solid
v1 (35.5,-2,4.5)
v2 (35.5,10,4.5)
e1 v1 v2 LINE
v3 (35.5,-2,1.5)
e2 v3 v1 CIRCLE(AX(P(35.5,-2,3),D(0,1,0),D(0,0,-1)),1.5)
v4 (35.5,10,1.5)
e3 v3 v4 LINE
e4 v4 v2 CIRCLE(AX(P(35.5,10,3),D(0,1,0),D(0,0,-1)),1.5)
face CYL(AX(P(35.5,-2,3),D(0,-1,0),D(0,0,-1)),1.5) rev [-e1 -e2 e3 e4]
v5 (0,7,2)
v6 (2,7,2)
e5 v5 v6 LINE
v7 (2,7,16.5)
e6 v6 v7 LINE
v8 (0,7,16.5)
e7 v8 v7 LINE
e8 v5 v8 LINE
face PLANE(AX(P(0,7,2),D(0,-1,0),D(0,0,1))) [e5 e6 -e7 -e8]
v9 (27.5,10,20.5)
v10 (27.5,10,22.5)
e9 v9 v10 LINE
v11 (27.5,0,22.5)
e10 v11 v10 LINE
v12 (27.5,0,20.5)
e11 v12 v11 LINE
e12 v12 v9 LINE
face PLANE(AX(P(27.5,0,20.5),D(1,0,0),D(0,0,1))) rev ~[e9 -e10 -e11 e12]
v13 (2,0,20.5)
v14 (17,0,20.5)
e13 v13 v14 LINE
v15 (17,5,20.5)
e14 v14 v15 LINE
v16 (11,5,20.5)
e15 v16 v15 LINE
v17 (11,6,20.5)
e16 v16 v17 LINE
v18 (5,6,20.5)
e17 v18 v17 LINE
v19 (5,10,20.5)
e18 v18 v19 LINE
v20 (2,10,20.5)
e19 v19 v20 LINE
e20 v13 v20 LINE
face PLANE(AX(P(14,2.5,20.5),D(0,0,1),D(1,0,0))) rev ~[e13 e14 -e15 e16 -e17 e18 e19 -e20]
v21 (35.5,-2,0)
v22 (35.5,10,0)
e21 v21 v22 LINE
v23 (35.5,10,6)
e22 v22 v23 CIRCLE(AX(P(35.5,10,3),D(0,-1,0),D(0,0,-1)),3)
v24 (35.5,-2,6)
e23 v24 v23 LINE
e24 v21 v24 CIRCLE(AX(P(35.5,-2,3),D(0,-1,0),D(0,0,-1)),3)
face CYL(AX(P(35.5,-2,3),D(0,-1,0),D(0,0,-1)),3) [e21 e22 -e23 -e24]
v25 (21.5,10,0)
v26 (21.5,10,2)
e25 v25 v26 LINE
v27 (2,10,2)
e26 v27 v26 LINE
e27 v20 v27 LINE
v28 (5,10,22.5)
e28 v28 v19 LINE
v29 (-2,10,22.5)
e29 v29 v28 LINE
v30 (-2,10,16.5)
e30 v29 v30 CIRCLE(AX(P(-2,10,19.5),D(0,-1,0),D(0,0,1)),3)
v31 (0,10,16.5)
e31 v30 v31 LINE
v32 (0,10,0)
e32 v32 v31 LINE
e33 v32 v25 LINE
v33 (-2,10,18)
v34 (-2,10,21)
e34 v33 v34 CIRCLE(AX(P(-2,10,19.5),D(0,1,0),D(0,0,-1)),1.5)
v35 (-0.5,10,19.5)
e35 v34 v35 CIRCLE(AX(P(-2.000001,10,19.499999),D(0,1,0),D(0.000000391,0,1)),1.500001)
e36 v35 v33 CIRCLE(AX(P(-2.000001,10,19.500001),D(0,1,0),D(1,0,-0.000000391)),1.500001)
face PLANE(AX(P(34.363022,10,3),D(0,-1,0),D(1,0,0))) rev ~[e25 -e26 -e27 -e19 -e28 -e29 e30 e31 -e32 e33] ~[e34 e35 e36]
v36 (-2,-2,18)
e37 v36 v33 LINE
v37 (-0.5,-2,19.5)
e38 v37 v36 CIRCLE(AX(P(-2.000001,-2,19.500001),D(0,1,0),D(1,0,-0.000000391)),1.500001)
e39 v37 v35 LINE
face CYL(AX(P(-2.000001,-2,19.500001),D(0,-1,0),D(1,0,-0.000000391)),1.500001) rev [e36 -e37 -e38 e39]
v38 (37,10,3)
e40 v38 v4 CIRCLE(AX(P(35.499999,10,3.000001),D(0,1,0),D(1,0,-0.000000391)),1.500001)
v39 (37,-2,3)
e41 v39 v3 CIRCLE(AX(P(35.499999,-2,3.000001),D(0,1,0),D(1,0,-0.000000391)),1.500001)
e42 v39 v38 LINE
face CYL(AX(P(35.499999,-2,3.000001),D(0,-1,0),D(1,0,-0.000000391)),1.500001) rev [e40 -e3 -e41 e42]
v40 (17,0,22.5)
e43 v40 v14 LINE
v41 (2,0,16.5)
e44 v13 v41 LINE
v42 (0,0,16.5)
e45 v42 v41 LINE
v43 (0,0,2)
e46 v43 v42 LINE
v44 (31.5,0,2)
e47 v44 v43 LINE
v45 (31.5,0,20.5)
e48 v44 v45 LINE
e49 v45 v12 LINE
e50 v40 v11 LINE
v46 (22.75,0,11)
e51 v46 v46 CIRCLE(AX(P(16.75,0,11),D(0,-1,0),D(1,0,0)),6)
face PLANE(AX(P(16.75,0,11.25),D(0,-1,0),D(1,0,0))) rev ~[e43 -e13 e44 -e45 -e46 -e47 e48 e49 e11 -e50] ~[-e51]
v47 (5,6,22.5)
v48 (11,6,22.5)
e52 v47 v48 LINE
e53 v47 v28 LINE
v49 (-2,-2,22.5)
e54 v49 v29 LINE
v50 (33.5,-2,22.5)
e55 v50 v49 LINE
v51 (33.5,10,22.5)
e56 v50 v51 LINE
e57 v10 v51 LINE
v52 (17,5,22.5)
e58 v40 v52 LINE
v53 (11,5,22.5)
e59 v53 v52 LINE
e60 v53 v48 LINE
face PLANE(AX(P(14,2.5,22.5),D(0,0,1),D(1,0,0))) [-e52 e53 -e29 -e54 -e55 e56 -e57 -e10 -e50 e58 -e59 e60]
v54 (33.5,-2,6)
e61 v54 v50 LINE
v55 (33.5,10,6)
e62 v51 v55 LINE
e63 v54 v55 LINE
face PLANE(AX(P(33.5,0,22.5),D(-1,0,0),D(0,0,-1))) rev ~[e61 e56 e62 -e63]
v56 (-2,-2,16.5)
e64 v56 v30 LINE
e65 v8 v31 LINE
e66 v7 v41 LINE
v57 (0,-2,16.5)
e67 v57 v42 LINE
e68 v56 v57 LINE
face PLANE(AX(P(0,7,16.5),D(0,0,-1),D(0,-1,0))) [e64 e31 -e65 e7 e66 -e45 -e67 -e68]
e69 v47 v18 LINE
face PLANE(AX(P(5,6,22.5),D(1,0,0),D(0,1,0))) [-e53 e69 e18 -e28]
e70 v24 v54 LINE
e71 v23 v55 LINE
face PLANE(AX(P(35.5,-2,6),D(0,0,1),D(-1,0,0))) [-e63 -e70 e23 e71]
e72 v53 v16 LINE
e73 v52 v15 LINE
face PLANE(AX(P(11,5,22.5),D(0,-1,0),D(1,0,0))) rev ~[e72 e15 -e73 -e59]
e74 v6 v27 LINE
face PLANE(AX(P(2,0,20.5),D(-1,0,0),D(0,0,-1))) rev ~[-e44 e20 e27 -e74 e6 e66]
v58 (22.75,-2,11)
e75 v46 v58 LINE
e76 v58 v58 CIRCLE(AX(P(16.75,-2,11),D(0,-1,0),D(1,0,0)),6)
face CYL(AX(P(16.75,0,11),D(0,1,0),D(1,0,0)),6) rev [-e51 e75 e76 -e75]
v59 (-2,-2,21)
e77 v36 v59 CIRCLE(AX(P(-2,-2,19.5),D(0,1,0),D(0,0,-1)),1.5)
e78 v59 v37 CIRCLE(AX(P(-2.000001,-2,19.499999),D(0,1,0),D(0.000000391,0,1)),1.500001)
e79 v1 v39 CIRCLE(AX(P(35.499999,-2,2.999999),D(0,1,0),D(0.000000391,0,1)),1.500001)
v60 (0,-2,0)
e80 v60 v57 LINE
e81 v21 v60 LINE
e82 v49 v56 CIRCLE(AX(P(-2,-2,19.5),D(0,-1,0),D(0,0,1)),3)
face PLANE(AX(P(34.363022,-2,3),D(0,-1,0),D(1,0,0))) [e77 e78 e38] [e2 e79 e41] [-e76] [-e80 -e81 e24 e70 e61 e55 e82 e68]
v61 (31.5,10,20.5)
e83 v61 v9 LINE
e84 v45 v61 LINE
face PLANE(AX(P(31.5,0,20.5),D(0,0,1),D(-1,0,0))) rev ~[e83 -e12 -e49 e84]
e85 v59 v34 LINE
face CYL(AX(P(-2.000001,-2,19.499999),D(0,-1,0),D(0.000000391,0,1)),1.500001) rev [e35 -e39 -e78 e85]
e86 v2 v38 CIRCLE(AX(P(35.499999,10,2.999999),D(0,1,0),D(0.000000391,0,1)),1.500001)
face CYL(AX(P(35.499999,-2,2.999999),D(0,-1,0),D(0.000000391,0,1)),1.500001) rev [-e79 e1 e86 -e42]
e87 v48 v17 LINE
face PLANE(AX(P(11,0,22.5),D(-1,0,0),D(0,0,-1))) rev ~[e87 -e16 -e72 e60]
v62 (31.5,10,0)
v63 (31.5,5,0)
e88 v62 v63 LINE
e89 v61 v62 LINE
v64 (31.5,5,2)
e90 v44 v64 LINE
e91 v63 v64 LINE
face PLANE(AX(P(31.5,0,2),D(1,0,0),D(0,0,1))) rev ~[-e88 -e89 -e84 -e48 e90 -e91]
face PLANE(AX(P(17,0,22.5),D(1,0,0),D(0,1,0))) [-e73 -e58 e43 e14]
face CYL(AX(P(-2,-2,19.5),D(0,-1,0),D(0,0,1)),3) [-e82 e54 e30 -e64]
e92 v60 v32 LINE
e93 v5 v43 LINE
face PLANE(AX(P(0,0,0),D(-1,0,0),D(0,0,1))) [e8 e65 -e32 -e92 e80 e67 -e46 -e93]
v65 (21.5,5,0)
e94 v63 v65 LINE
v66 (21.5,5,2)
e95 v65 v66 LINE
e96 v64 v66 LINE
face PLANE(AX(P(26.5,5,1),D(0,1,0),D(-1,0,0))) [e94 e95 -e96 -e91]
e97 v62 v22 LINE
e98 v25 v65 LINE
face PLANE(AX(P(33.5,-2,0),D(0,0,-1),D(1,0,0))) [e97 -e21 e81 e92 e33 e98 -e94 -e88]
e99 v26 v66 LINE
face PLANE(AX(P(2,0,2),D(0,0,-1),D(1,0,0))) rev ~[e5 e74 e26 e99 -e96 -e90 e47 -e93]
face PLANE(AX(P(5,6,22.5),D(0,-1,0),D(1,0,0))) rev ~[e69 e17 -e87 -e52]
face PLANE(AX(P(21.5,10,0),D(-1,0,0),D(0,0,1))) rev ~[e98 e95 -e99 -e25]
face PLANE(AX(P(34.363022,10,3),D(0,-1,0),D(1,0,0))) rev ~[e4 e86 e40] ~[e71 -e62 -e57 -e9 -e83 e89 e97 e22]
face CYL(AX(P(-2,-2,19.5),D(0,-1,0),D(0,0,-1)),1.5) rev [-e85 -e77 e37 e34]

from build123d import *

# Parameters (mm, degrees)
F0_W      = 33.5
F0_H      = 22.5
F0_R      = 6
F1_DEPTH  = 2
F3_DEPTH  = 10
F4_W      = 6
F4_H      = 4
F5_DEPTH  = 2
F7_DEPTH  = 12
F8_W      = 6
F8_H      = 5
F9_DEPTH  = 2
F10_W     = 10
F10_H     = 2
F11_DEPTH = 5
F12_W     = 7
F12_H     = 14.5
F13_DEPTH = 2


with BuildPart() as f1:
    # F0 (on Front) → F1 (new body)
    with BuildSketch(Plane.XZ):
        with Locations((16.75, 11.25)):
            Rectangle(F0_W, F0_H)
        with Locations((16.75, 11)):
            Circle(F0_R, mode=Mode.SUBTRACT)
    extrude(amount=F1_DEPTH)

    # F2 (on face) → F3 (join)
    with BuildSketch(Plane(origin=(0, 0, 0), x_dir=(-1, 0, 0), z_dir=(0, 1, 0))):
        Polygon((-27.5, 22.5), (-33.5, 22.5), (-33.5, 0), (0, 0), (0, 22.5), (-11, 22.5), (-11, 20.5), (-2, 20.5), (-2, 2), (-31.5, 2), (-31.5, 20.5), (-27.5, 20.5), align=None)
    extrude(amount=F3_DEPTH)

    # F4 (on face) → F5 (cut, through all)
    with BuildSketch(Plane.XY.offset(22.5)):
        with Locations((8, 8)):
            Rectangle(F4_W, F4_H)
    extrude(amount=-F5_DEPTH, mode=Mode.SUBTRACT)

    # F6 (on face) → F7 (join, through all)
    with BuildSketch(Plane.XZ.offset(2)):
        with BuildLine():
            Line((33.5, 6), (33.5, 0))
            Line((33.5, 0), (35.5, 0))
            Line((35.5, 0), (35.5, 1.5))
            ThreePointArc((35.5, 1.5), (34, 3), (35.5, 4.5))
            Line((35.5, 4.5), (35.5, 6))
            Line((35.5, 6), (33.5, 6))
        make_face()
        with BuildLine():
            Line((35.5, 1.5), (35.5, 0))
            ThreePointArc((35.5, 0), (38.5, 3), (35.5, 6))
            Line((35.5, 6), (35.5, 4.5))
            ThreePointArc((35.5, 4.5), (36.56066, 4.06066), (37, 3))
            ThreePointArc((37, 3), (36.56066, 1.93934), (35.5, 1.5))
        make_face()
        with BuildLine():
            Line((0, 16.5), (0, 22.5))
            Line((0, 22.5), (-2, 22.5))
            Line((-2, 22.5), (-2, 21))
            ThreePointArc((-2, 21), (-0.93934, 20.56066), (-0.5, 19.5))
            ThreePointArc((-0.5, 19.5), (-0.93934, 18.43934), (-2, 18))
            Line((-2, 18), (-2, 16.5))
            Line((-2, 16.5), (0, 16.5))
        make_face()
        with BuildLine():
            Line((-2, 21), (-2, 22.5))
            ThreePointArc((-2, 22.5), (-5, 19.5), (-2, 16.5))
            Line((-2, 16.5), (-2, 18))
            ThreePointArc((-2, 18), (-3.5, 19.5), (-2, 21))
        make_face()
    extrude(amount=-F7_DEPTH)

    # F8 (on face) → F9 (join, through all)
    with BuildSketch(Plane.XY.offset(22.5)):
        with Locations((14, 2.5)):
            Rectangle(F8_W, F8_H)
    extrude(amount=-F9_DEPTH)

    # F10 (on face) → F11 (cut)
    with BuildSketch(Plane(origin=(0, 10, 0), x_dir=(-1, 0, 0), z_dir=(0, 1, 0))):
        with Locations((-26.5, 1)):
            Rectangle(F10_W, F10_H)
    extrude(amount=-F11_DEPTH, mode=Mode.SUBTRACT)

    # F12 (on face) → F13 (cut, through all)
    with BuildSketch(Plane(origin=(0, 0, 0), x_dir=(0, -1, 0), z_dir=(-1, 0, 0))):
        with Locations((-3.5, 9.25)):
            Rectangle(F12_W, F12_H)
    extrude(amount=-F13_DEPTH, mode=Mode.SUBTRACT)


solid = f1.part
